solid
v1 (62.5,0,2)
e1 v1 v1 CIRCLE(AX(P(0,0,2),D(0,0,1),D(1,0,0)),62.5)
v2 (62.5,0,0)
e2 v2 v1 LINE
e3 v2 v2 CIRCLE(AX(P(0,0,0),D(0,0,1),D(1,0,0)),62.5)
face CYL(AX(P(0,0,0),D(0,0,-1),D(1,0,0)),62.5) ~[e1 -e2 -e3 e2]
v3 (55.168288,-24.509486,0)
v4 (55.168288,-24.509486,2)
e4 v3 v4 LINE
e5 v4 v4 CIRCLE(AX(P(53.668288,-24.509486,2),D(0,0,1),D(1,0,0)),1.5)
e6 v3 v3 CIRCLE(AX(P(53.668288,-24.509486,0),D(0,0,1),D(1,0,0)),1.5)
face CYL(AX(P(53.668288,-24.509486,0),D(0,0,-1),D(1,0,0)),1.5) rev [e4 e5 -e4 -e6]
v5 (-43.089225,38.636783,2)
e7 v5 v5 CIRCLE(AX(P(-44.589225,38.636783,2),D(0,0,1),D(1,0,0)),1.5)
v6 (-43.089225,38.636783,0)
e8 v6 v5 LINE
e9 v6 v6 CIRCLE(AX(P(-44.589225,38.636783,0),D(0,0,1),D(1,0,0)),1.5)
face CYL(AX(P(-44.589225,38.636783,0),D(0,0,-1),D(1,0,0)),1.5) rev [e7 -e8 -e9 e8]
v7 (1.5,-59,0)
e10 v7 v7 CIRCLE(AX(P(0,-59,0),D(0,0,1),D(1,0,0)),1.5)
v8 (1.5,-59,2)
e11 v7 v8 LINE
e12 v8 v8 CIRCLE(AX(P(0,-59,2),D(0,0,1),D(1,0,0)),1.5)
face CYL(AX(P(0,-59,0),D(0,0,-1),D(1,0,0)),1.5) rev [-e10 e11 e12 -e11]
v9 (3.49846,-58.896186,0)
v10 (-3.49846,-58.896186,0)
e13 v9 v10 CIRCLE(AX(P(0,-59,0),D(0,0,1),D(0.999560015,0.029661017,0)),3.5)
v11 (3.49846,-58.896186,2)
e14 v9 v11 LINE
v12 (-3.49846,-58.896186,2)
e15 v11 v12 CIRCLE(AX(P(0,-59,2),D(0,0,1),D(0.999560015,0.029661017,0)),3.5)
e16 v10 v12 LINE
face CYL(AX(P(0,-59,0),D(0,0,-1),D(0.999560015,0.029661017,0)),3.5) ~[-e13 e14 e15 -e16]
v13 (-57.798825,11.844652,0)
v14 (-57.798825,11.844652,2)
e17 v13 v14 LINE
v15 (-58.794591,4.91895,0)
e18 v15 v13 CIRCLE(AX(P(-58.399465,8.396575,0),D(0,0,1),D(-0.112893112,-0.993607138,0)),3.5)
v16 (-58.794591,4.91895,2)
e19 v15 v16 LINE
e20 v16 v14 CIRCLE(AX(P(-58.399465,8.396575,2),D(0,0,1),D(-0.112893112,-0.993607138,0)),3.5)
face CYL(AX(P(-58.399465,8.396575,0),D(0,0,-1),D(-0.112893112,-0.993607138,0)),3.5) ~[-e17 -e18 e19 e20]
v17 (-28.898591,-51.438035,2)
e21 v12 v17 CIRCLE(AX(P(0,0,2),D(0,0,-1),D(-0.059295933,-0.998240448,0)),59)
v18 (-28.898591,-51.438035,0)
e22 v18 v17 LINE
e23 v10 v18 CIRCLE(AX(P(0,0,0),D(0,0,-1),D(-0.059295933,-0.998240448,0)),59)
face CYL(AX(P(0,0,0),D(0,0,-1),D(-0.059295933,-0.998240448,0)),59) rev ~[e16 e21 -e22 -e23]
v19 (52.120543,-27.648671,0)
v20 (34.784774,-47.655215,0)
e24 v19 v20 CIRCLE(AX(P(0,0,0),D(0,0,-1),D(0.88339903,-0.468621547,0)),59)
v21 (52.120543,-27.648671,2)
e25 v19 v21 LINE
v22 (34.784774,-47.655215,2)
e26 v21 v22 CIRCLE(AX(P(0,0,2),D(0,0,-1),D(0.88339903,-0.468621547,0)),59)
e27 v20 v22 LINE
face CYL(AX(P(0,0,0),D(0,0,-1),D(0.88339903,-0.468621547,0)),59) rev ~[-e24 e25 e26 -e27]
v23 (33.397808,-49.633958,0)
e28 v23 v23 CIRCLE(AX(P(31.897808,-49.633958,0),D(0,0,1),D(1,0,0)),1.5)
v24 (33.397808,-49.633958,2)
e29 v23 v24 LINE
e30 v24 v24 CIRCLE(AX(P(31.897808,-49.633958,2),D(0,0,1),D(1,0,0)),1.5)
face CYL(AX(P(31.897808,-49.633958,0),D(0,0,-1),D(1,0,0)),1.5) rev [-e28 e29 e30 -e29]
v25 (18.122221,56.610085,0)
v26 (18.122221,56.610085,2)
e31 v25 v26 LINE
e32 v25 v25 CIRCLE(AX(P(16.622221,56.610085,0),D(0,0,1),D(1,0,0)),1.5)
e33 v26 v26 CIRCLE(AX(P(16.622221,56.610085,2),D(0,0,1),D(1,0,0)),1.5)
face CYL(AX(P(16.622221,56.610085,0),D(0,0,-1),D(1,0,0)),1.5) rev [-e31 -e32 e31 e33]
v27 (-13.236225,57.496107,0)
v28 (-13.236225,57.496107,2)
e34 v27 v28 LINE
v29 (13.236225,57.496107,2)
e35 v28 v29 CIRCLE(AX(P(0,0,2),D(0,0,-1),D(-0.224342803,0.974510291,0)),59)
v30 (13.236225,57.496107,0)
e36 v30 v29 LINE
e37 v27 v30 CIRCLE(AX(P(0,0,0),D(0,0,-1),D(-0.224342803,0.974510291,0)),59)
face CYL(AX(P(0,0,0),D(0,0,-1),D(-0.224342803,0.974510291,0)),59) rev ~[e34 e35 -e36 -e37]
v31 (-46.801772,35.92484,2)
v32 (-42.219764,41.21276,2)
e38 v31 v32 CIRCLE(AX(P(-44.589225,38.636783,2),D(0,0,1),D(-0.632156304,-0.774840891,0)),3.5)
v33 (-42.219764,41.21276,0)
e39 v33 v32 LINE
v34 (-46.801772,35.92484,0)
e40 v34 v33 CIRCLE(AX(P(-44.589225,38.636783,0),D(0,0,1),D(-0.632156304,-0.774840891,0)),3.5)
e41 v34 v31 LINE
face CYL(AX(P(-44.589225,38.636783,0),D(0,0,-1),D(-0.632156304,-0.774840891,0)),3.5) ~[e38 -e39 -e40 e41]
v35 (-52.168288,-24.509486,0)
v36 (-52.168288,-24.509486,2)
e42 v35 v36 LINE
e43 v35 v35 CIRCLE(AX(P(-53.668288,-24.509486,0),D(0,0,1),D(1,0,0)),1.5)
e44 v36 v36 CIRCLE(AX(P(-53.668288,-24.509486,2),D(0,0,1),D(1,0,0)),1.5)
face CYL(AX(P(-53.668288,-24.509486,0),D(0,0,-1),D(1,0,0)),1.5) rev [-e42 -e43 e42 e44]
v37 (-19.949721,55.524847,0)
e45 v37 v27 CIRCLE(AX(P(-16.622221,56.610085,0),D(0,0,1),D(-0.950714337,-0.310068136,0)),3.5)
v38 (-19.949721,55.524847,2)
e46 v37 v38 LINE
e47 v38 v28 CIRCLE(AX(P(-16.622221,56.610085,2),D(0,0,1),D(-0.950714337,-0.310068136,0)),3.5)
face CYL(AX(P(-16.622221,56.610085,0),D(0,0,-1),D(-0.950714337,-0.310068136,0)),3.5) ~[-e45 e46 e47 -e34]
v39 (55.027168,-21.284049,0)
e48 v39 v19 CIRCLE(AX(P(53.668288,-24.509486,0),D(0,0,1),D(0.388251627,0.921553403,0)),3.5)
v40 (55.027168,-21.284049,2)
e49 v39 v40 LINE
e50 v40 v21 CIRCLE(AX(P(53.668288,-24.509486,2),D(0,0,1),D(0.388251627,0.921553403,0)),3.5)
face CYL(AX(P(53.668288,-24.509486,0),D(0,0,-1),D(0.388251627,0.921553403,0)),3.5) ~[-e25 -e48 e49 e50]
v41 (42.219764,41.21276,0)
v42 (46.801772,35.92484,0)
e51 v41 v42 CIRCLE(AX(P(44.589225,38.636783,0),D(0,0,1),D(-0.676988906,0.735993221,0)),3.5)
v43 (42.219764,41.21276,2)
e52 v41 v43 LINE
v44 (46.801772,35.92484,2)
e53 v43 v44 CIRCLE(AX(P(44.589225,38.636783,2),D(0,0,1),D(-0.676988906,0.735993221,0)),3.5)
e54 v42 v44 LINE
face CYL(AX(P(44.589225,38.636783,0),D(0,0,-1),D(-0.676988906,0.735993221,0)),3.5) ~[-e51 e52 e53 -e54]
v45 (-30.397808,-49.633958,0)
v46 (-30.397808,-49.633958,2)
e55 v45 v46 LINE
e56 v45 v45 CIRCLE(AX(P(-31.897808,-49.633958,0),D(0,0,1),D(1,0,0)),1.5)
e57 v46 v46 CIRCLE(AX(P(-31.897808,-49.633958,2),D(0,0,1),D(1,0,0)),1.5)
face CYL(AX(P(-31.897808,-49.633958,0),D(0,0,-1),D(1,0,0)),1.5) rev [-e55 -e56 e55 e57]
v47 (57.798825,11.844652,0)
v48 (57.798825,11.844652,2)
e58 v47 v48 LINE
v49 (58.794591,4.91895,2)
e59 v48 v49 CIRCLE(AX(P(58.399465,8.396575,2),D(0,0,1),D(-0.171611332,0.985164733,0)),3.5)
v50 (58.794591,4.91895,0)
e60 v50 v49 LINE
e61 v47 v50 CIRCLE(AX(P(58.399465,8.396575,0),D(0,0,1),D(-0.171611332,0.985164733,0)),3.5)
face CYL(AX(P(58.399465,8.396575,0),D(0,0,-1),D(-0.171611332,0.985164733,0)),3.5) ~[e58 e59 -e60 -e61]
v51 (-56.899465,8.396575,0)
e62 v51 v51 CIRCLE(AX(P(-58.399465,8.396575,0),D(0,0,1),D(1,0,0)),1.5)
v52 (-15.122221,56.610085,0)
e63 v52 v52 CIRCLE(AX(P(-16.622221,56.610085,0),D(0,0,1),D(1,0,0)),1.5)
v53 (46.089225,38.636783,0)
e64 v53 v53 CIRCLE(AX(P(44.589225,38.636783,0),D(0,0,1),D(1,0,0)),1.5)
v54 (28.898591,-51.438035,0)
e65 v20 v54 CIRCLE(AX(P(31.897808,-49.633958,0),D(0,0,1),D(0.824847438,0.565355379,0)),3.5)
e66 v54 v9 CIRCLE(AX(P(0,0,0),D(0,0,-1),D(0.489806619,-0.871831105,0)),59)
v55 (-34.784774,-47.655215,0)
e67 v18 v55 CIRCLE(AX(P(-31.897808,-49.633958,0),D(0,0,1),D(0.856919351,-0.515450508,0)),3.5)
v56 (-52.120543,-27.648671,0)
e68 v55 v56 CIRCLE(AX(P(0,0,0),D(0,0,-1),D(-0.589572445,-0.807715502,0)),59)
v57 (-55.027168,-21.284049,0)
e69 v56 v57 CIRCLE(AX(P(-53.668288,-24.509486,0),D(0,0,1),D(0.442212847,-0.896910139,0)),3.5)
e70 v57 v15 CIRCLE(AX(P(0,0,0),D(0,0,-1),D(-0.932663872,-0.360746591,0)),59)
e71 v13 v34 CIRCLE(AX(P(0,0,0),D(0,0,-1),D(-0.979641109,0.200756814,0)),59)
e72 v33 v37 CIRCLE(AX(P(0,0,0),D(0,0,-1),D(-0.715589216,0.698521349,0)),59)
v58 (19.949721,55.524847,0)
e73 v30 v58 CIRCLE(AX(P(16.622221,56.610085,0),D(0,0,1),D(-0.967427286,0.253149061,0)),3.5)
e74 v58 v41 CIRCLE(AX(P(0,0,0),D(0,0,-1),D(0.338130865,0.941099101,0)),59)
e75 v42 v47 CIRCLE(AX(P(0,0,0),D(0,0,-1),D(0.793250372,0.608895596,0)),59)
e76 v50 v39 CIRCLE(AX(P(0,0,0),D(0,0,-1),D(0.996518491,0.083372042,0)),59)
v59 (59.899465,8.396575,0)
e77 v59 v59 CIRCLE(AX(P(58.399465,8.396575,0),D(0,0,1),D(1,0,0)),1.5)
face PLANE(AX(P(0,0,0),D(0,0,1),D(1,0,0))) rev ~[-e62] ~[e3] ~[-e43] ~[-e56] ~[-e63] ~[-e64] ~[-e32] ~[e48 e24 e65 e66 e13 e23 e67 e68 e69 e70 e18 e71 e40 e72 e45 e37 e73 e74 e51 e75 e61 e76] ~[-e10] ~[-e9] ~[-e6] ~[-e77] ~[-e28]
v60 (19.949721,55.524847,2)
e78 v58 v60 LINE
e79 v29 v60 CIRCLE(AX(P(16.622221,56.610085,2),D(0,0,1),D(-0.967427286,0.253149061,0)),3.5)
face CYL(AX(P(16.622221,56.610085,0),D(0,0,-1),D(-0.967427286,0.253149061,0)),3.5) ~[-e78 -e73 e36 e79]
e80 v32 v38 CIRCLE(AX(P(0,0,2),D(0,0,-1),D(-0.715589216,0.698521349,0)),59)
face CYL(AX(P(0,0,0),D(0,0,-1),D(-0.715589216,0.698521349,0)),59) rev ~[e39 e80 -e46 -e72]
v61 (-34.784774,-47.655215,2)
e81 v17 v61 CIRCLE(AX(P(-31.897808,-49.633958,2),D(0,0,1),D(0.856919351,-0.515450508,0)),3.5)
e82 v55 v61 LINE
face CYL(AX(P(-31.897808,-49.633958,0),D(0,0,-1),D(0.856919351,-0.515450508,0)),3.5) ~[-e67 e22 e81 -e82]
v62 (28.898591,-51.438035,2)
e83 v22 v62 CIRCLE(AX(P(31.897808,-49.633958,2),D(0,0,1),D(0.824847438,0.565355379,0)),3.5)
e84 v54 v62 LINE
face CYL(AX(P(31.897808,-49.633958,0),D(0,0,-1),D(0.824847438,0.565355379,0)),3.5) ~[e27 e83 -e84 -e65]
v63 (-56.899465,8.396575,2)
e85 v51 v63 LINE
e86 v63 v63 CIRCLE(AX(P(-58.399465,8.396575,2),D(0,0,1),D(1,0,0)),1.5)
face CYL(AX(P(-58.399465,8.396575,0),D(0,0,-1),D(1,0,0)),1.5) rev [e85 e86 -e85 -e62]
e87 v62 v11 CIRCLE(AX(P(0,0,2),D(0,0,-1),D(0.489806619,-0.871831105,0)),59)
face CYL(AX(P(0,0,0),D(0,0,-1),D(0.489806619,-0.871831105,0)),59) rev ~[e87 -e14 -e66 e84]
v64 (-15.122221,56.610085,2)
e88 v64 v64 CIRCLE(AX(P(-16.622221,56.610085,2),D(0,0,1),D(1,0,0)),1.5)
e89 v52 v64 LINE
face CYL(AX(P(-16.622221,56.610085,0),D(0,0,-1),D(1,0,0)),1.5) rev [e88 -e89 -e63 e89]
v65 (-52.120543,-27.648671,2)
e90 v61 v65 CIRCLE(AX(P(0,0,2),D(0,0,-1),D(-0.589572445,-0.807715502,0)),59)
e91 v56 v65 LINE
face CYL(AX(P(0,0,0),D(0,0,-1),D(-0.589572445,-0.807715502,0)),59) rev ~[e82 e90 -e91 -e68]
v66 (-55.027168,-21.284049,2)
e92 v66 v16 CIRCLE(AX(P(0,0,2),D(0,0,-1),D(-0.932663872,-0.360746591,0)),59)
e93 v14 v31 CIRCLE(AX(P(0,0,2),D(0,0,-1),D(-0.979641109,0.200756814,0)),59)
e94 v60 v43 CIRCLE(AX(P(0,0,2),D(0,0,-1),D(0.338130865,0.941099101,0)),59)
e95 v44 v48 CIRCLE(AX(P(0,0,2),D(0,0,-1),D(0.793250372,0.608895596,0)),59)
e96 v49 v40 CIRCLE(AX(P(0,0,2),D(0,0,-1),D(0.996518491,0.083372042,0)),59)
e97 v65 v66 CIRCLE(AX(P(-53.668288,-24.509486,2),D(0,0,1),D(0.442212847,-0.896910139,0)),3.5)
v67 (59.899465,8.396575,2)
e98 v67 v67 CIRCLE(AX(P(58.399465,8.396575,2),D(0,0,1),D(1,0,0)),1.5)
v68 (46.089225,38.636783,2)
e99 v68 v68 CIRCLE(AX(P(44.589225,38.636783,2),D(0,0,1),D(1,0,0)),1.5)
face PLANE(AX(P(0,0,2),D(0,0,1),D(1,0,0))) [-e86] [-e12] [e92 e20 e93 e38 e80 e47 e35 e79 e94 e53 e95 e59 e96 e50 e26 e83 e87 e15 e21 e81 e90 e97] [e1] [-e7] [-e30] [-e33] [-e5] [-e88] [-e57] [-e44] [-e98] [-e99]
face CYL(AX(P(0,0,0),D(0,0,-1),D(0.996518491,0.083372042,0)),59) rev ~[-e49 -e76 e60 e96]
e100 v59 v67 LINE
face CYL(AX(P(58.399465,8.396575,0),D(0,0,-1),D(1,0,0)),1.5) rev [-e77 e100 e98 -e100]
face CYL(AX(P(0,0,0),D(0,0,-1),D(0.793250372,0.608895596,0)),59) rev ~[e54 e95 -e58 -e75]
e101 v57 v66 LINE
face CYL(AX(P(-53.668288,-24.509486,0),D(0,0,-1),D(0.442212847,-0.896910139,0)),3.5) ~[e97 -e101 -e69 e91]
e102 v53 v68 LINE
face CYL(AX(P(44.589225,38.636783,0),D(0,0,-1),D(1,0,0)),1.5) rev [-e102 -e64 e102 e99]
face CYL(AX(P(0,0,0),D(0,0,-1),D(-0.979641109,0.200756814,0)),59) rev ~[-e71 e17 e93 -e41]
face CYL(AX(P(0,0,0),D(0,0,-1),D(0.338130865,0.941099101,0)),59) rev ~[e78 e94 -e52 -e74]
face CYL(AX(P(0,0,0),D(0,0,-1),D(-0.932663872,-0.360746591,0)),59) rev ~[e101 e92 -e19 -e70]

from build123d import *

# Parameters (mm, degrees)
SKETCH_1_R      = 62.5
SKETCH_1_R_2    = 1.5
EXTRUDE_1_DEPTH = 2


with BuildPart() as part:
    # 草图1 → 凸台-拉伸1 (new body)
    with BuildSketch(Plane.XY):
        Circle(SKETCH_1_R)
        with Locations((0, -59)):
            Circle(SKETCH_1_R_2, mode=Mode.SUBTRACT)
        with Locations((-31.89780823, -49.633958437)):
            Circle(SKETCH_1_R_2, mode=Mode.SUBTRACT)
        with Locations((-53.668287726, -24.509485767)):
            Circle(SKETCH_1_R_2, mode=Mode.SUBTRACT)
        with Locations((-58.399465071, 8.396575458)):
            Circle(SKETCH_1_R_2, mode=Mode.SUBTRACT)
        with Locations((-44.589224887, 38.636783303)):
            Circle(SKETCH_1_R_2, mode=Mode.SUBTRACT)
        with Locations((-16.622220854, 56.610085443)):
            Circle(SKETCH_1_R_2, mode=Mode.SUBTRACT)
        with Locations((16.622220854, 56.610085443)):
            Circle(SKETCH_1_R_2, mode=Mode.SUBTRACT)
        with Locations((44.589224887, 38.636783303)):
            Circle(SKETCH_1_R_2, mode=Mode.SUBTRACT)
        with Locations((58.399465071, 8.396575458)):
            Circle(SKETCH_1_R_2, mode=Mode.SUBTRACT)
        with Locations((53.668287726, -24.509485767)):
            Circle(SKETCH_1_R_2, mode=Mode.SUBTRACT)
        with Locations((31.89780823, -49.633958437)):
            Circle(SKETCH_1_R_2, mode=Mode.SUBTRACT)
        with BuildLine():
            ThreePointArc((3.498460053, -58.896186441), (0, -55.5), (-3.498460053, -58.896186441))
            ThreePointArc((-3.498460053, -58.896186441), (-16.622220854, -56.610085443), (-28.898590503, -51.438035217))
            ThreePointArc((-28.898590503, -51.438035217), (-30.005565369, -46.689571072), (-34.784774262, -47.65521461))
            ThreePointArc((-34.784774262, -47.65521461), (-44.589224887, -38.636783303), (-52.120542762, -27.648671255))
            ThreePointArc((-52.120542762, -27.648671255), (-50.484575742, -23.055533222), (-55.027168419, -21.284048857))
            ThreePointArc((-55.027168419, -21.284048857), (-58.399465071, -8.396575458), (-58.794590961, 4.918950474))
            ThreePointArc((-58.794590961, 4.918950474), (-54.935090024, 7.898473524), (-57.798825407, 11.844652023))
            ThreePointArc((-57.798825407, 11.844652023), (-53.668287726, 24.509485767), (-46.801771952, 35.924840183))
            ThreePointArc((-46.801771952, 35.924840183), (-41.944101377, 36.344770734), (-42.219763715, 41.212759575))
            ThreePointArc((-42.219763715, 41.212759575), (-31.89780823, 49.633958437), (-19.949721034, 55.524846967))
            ThreePointArc((-19.949721034, 55.524846967), (-15.636156905, 53.251860036), (-13.236225354, 57.496107158))
            ThreePointArc((-13.236225354, 57.496107158), (0, 59), (13.236225354, 57.496107158))
            ThreePointArc((13.236225354, 57.496107158), (15.636156905, 53.251860036), (19.949721034, 55.524846967))
            ThreePointArc((19.949721034, 55.524846967), (31.89780823, 49.633958437), (42.219763715, 41.212759575))
            ThreePointArc((42.219763715, 41.212759575), (41.944101377, 36.344770734), (46.801771952, 35.924840183))
            ThreePointArc((46.801771952, 35.924840183), (53.668287726, 24.509485767), (57.798825407, 11.844652023))
            ThreePointArc((57.798825407, 11.844652023), (54.935090024, 7.898473524), (58.794590961, 4.918950474))
            ThreePointArc((58.794590961, 4.918950474), (58.399465071, -8.396575458), (55.027168419, -21.284048857))
            ThreePointArc((55.027168419, -21.284048857), (50.484575742, -23.055533222), (52.120542762, -27.648671255))
            ThreePointArc((52.120542762, -27.648671255), (44.589224887, -38.636783303), (34.784774262, -47.65521461))
            ThreePointArc((34.784774262, -47.65521461), (30.005565369, -46.689571072), (28.898590503, -51.438035217))
            ThreePointArc((28.898590503, -51.438035217), (16.622220854, -56.610085443), (3.498460053, -58.896186441))
        make_face(mode=Mode.SUBTRACT)
    extrude(amount=EXTRUDE_1_DEPTH)


solid = part.part
